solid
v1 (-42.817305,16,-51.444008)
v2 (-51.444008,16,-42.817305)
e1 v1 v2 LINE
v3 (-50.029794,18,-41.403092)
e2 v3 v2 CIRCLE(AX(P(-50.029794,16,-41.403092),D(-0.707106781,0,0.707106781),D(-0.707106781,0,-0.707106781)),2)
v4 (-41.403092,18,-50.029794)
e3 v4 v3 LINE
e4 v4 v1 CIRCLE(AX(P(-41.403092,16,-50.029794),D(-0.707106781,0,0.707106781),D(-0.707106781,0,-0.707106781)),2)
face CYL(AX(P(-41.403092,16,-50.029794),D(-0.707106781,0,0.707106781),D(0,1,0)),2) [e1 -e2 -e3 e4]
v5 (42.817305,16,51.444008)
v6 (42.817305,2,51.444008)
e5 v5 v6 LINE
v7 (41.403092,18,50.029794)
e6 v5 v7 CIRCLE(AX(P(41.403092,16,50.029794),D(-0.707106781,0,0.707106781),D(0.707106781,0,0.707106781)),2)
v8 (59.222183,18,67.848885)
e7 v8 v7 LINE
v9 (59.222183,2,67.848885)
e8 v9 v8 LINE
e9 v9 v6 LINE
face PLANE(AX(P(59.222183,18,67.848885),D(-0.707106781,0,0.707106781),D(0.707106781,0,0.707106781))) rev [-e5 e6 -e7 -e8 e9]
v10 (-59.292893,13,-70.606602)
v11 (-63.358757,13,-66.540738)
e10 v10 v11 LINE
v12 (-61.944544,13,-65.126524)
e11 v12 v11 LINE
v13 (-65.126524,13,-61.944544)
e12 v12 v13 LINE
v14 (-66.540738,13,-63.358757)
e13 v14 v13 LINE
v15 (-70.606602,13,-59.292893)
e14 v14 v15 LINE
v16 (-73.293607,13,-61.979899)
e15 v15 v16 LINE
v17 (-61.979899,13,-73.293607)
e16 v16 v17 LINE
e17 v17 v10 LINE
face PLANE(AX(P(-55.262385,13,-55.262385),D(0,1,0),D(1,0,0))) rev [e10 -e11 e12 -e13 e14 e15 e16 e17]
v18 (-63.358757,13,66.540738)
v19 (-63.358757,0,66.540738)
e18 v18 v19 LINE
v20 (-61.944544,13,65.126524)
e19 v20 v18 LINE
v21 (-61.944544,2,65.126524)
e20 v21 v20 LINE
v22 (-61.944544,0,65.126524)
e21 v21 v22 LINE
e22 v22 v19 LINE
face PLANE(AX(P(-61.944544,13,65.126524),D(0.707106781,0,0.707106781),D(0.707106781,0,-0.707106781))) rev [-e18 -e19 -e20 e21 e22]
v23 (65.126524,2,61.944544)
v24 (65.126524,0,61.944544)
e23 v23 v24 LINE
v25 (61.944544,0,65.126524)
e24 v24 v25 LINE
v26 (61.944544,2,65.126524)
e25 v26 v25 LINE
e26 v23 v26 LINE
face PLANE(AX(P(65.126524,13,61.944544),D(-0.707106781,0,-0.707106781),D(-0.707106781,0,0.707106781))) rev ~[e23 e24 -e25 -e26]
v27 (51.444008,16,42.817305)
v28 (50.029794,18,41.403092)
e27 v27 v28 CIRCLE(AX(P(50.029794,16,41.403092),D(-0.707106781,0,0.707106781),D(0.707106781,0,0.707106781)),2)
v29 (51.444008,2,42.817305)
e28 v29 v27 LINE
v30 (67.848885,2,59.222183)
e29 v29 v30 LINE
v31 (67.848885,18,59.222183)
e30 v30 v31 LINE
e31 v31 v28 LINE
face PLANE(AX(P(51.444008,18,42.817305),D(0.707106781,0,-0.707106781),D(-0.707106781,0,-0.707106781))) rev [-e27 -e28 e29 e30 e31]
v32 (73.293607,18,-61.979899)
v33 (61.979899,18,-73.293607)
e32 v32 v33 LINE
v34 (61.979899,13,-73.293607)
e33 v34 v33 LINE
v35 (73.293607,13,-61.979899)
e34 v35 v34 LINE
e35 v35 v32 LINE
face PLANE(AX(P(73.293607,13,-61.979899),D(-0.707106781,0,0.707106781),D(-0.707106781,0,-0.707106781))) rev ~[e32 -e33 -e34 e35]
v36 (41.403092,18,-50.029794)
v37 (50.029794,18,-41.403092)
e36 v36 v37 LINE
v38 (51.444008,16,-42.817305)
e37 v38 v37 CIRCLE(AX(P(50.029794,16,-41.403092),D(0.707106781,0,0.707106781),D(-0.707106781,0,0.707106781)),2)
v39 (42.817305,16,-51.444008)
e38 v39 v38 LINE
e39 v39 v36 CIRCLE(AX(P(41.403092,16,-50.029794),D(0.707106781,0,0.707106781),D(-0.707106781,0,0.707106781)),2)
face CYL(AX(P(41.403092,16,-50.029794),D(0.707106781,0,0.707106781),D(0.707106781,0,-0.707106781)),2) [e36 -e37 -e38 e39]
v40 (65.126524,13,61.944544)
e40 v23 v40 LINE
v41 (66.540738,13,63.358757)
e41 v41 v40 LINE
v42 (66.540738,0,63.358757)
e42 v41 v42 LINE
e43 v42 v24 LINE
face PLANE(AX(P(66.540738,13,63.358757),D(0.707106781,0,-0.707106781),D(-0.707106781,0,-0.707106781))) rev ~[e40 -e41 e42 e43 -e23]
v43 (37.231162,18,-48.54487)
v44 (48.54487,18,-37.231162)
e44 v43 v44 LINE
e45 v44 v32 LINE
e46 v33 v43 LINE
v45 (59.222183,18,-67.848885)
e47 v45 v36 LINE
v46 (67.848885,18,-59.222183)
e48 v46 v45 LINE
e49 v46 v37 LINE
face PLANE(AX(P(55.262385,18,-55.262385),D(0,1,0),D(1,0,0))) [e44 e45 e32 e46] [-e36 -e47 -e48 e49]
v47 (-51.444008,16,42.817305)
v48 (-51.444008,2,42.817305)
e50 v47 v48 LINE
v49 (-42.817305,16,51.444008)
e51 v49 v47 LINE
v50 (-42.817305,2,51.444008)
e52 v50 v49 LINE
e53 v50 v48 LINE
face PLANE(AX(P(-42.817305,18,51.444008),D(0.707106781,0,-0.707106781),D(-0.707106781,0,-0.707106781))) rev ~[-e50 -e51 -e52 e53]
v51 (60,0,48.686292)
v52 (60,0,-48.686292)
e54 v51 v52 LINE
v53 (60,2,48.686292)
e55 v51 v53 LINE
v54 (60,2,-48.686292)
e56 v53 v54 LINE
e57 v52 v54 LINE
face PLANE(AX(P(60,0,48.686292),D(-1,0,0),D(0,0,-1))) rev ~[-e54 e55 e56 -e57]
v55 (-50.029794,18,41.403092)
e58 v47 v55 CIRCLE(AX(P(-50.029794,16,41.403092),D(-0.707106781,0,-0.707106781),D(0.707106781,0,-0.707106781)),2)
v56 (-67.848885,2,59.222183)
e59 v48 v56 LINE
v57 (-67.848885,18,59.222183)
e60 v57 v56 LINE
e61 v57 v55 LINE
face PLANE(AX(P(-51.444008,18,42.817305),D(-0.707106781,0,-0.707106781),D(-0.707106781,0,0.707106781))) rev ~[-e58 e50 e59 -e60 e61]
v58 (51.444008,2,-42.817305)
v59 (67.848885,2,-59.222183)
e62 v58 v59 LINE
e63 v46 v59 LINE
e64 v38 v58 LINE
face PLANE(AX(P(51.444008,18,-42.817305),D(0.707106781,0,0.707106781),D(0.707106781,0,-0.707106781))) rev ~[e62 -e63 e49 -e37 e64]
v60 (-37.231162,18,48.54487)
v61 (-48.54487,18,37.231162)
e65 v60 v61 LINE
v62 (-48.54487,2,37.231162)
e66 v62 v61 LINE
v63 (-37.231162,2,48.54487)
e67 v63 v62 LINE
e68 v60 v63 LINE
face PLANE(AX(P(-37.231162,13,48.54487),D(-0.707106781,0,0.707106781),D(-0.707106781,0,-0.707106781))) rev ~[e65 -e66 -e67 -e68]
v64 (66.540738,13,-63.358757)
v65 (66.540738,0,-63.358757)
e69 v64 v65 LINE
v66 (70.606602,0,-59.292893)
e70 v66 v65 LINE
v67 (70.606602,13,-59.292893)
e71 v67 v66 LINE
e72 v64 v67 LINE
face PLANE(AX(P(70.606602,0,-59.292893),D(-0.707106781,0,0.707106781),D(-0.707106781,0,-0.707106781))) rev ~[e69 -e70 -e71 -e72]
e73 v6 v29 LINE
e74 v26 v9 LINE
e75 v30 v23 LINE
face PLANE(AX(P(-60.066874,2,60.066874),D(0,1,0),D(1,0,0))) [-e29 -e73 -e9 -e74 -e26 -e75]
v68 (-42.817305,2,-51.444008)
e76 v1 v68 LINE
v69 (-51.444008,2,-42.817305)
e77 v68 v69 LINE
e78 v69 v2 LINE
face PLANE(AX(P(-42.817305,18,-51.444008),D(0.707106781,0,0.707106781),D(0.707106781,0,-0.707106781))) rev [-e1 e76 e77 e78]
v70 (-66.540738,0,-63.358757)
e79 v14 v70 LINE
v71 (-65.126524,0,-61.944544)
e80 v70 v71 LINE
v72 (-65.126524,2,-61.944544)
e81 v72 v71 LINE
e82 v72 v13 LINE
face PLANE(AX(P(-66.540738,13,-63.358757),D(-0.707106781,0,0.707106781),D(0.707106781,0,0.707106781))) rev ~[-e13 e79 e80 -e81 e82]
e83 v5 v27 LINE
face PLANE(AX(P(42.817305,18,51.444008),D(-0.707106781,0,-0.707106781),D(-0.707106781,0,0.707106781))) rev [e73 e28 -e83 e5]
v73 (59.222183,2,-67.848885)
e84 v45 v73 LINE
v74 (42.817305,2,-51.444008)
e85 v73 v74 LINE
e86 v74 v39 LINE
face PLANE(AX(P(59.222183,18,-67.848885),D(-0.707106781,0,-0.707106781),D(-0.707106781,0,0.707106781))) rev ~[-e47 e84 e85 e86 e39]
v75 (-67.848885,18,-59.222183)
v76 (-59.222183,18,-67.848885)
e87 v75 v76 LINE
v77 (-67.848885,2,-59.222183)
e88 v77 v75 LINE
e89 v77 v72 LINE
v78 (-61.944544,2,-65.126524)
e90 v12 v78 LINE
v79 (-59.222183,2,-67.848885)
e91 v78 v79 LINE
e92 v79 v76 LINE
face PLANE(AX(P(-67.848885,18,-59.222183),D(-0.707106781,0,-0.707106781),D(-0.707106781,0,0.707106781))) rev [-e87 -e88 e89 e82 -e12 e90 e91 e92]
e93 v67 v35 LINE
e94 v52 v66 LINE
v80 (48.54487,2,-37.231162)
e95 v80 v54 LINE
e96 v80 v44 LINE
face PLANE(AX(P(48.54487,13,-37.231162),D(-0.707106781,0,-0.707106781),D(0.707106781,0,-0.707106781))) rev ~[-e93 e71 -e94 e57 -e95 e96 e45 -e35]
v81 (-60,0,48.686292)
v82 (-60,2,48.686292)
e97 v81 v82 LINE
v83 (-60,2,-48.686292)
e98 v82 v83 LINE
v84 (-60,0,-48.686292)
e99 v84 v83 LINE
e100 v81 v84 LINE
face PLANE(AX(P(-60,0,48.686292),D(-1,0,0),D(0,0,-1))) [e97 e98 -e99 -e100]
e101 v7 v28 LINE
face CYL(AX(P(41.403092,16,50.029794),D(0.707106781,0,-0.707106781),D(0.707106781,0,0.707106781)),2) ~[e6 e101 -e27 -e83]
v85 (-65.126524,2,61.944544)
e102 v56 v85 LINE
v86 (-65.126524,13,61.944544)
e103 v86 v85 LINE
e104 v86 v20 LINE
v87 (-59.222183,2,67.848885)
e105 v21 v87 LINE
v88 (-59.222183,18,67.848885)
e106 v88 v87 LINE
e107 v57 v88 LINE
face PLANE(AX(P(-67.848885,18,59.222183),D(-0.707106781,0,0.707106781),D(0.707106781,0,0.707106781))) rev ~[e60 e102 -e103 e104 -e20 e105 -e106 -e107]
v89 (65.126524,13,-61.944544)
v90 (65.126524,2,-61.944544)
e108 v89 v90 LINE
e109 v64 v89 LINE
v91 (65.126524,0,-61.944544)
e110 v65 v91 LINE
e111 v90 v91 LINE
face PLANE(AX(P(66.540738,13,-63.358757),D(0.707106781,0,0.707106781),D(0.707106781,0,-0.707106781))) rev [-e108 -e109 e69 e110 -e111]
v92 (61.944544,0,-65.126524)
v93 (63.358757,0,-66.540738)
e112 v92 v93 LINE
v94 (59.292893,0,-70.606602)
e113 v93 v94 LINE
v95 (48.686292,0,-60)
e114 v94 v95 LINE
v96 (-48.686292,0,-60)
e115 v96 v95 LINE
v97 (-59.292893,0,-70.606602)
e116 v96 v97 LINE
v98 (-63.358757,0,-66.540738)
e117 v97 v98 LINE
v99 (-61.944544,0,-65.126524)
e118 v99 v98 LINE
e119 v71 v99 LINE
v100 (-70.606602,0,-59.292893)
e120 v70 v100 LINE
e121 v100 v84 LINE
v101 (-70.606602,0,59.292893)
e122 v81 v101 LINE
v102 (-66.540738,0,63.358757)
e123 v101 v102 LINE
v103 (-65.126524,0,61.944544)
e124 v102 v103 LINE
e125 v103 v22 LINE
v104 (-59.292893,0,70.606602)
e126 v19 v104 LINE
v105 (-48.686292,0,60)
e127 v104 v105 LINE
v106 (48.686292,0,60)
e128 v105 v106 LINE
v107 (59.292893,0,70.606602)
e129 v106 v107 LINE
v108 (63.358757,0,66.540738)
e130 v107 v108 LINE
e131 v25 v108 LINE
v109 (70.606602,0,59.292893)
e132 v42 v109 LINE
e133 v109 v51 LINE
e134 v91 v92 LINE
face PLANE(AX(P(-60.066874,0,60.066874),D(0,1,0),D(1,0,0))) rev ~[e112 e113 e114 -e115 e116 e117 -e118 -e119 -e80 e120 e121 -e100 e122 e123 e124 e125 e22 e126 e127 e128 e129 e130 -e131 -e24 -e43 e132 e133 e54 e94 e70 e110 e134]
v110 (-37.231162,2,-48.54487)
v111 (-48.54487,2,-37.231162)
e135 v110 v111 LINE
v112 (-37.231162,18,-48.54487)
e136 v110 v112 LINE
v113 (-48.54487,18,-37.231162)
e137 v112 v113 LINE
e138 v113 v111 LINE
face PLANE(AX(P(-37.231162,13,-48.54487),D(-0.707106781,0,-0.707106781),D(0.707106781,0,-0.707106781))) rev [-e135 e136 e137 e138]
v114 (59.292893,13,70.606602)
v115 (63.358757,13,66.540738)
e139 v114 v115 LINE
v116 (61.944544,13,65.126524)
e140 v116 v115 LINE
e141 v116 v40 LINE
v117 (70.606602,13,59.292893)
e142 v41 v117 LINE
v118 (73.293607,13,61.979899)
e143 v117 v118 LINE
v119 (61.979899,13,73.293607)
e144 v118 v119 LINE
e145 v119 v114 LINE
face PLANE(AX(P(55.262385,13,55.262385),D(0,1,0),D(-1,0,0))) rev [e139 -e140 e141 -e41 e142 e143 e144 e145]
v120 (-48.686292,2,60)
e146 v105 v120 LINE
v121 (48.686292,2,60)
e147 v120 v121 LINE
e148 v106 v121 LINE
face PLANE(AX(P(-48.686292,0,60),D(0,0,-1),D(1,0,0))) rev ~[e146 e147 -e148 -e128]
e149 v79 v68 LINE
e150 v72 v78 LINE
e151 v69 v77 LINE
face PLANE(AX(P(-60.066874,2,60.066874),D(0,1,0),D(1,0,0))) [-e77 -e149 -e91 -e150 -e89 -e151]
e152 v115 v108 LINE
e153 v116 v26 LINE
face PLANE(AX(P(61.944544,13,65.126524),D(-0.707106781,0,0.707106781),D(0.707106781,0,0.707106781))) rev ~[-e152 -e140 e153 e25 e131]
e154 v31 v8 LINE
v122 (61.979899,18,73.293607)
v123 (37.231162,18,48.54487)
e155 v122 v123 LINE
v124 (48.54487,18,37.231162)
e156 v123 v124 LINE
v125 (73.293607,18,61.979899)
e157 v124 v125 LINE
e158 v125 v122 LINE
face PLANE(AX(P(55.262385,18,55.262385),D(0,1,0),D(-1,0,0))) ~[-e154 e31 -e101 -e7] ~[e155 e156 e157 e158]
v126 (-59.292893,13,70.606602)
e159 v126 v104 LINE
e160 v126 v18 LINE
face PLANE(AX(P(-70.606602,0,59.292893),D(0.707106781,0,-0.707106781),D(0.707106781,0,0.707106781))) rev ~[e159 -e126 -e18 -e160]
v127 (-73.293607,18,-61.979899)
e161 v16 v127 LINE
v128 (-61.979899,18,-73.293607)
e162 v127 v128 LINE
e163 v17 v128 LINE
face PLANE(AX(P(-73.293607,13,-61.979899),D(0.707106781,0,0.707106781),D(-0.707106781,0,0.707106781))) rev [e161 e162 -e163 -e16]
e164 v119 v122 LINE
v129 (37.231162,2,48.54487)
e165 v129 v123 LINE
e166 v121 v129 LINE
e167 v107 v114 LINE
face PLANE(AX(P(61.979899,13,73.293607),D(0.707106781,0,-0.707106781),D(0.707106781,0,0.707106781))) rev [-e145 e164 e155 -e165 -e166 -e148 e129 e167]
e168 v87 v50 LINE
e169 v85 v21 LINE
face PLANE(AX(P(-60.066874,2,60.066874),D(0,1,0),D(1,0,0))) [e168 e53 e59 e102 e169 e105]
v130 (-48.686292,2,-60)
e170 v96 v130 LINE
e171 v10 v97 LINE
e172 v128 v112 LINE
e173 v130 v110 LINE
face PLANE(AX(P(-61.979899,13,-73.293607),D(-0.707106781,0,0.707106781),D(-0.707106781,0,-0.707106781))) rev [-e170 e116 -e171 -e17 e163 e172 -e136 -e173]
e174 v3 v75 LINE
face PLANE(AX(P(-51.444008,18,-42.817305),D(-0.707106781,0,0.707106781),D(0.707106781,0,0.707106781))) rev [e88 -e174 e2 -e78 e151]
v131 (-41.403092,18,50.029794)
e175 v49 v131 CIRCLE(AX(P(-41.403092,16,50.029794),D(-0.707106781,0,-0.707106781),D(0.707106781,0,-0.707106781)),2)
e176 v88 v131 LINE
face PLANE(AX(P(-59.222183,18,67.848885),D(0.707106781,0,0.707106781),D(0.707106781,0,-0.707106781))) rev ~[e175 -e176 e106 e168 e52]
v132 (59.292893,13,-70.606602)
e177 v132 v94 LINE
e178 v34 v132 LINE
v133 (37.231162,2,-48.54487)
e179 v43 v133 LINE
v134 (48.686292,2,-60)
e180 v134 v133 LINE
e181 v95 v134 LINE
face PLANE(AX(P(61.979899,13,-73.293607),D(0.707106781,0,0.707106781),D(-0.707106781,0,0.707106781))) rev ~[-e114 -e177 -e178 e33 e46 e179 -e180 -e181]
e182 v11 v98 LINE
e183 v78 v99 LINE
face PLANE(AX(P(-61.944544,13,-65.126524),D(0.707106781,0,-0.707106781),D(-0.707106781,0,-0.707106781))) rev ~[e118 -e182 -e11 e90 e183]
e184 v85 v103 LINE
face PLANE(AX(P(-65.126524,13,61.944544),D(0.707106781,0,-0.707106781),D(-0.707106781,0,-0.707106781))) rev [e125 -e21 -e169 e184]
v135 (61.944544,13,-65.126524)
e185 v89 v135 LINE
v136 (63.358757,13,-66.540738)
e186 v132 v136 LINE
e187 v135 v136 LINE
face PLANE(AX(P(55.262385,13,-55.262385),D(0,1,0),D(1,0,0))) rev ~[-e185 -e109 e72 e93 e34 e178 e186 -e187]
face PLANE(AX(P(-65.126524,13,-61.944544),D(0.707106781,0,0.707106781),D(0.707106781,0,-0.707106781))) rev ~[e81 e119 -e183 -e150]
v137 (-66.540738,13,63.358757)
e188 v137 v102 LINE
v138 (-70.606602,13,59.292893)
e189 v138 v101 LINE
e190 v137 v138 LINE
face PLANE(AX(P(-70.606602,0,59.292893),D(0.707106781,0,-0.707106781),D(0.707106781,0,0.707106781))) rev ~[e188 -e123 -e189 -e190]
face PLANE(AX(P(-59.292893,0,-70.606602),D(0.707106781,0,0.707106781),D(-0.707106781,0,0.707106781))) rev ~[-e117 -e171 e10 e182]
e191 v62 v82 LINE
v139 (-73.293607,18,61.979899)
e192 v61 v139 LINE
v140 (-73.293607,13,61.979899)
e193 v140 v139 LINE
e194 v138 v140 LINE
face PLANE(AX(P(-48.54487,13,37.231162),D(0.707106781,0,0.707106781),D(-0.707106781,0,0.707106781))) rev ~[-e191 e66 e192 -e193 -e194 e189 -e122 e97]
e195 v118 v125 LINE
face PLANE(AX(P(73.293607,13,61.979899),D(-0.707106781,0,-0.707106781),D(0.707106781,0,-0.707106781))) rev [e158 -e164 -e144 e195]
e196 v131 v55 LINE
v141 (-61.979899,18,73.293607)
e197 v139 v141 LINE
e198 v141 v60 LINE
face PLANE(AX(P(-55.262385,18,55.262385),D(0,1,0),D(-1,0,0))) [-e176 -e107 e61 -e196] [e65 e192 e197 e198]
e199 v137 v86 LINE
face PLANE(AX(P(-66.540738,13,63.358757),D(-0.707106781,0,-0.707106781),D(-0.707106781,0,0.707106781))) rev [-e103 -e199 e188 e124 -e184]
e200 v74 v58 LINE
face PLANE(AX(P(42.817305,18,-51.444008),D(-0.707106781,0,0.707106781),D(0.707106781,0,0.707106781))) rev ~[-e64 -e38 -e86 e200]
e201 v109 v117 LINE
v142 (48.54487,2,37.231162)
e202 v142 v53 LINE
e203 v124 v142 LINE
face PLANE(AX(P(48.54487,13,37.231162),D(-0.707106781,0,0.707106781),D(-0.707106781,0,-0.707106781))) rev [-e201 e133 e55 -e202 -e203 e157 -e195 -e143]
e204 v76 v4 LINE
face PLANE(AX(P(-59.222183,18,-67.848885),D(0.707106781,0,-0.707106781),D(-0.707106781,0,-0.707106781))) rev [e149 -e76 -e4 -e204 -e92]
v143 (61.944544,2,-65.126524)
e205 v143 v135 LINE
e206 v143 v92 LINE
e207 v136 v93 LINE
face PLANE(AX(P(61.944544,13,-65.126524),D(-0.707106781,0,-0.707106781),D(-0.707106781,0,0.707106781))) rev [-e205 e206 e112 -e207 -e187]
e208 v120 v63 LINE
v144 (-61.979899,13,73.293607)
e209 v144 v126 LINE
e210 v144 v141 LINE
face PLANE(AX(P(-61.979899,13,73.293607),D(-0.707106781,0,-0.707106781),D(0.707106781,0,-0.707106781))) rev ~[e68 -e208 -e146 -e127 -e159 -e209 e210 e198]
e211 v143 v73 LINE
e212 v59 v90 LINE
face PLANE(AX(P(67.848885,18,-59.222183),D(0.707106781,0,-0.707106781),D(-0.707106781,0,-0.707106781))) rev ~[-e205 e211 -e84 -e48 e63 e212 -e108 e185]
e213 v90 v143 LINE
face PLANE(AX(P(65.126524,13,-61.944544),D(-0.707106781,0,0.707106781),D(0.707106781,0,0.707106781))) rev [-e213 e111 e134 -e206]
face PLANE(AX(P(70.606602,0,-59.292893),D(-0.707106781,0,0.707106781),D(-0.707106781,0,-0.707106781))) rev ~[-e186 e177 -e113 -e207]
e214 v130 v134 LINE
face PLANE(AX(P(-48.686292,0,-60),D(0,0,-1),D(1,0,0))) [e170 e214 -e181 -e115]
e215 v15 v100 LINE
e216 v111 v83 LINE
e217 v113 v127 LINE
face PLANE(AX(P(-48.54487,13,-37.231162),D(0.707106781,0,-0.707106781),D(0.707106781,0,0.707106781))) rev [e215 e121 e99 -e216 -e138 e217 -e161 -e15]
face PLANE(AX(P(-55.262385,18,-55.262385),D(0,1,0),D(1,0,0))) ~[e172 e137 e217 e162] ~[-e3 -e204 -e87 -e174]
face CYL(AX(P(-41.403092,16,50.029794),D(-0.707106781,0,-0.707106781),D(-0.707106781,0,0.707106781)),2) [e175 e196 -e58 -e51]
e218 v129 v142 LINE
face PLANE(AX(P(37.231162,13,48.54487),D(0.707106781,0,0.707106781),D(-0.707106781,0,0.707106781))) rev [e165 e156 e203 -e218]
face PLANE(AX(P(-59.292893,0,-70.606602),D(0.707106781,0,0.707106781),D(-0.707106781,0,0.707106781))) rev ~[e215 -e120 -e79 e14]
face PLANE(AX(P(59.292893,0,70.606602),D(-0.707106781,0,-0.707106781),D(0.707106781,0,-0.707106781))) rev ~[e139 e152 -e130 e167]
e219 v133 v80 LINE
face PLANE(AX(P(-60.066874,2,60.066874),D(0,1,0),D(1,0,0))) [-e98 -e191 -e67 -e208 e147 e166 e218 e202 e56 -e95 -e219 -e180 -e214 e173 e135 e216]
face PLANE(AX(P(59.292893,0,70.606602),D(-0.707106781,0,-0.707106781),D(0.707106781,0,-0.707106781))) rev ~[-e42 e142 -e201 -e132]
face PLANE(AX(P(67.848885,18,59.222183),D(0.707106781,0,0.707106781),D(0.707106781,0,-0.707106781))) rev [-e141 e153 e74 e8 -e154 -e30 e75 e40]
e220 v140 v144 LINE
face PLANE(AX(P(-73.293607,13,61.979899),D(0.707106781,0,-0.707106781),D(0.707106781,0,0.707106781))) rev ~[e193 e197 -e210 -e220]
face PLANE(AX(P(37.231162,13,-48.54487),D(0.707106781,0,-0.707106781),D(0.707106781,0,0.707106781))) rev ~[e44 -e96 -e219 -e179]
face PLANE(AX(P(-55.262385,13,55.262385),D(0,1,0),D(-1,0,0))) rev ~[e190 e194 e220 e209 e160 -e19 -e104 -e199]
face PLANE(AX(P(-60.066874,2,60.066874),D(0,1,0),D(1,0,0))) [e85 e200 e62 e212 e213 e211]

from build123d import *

# Parameters (mm, degrees)
SKETCH1_W            = 120
SKETCH1_H            = 120
BOSS_EXTRUDE1_DEPTH  = 2
BOSS_EXTRUDE2_DEPTH  = 13
MIRROR2_COPY_1_DEPTH = 13
CUT_EXTRUDE1_DEPTH   = 16.5
MIRROR4_COPY_1_DEPTH = 16.5
BOSS_EXTRUDE3_DEPTH  = 5
CUT_EXTRUDE2_DEPTH   = 6
MIRROR6_COPY_1_DEPTH = 5
MIRROR6_COPY_2_DEPTH = 6
FILLET1_R            = 2
FILLET2_R            = 2
FILLET3_R            = 2
FILLET4_R            = 2


with BuildPart() as part:
    # Sketch1 → Boss-Extrude1 (new body)
    with BuildSketch(Plane(origin=(0, 0, 0), x_dir=(1, 0, 0), z_dir=(0, 1, 0))):
        Polygon((-59.292893219, -70.606601718), (-48.686291501, -60), (-60, -60), (-60, -48.686291501), (-70.606601718, -59.292893219), align=None)
        Polygon((-70.606601718, 59.292893219), (-60, 48.686291501), (-60, 60), (-48.686291501, 60), (-59.292893219, 70.606601718), align=None)
        Rectangle(SKETCH1_W, SKETCH1_H)
        Polygon((60, 60), (60, 48.686291501), (70.606601718, 59.292893219), (59.292893219, 70.606601718), (48.686291501, 60), align=None)
        Polygon((60, -48.686291501), (60, -60), (48.686291501, -60), (59.292893219, -70.606601718), (70.606601718, -59.292893219), align=None)
    extrude(amount=BOSS_EXTRUDE1_DEPTH)

    # Sketch2 → Boss-Extrude2 (add)
    with BuildSketch(Plane(origin=(0, 0, 0), x_dir=(1, 0, 0), z_dir=(0, 1, 0))):
        Polygon((59.292893219, -70.606601718), (70.606601718, -59.292893219), (69.192388155, -57.878679656), (52.787510832, -41.473802333), (48.544870145, -37.231161646), (37.231161646, -48.544870145), (41.473802333, -52.787510832), (57.878679656, -69.192388155), align=None)
        Polygon((59.222182541, -67.848885271), (67.848885271, -59.222182541), (51.444007948, -42.817305217), (42.817305217, -51.444007948), align=None, mode=Mode.SUBTRACT)
    boss_extrude2 = extrude(amount=BOSS_EXTRUDE2_DEPTH)

    # Mirror1: Boss-Extrude2 across plane
    add(boss_extrude2.mirror(Plane(origin=(0, 0, 0), x_dir=(0, 0, 1), z_dir=(1, 0, 0))))

    # Mirror2: Boss-Extrude2 across plane
    add(boss_extrude2.mirror(Plane.XY))

    # Mirror2 copy 1 sketch → Mirror2 copy 1 (add)
    with BuildSketch(Plane(origin=(0, 0, 0), x_dir=(-1, 0, 0), z_dir=(0, 1, 0))):
        Polygon((59.292893219, -70.606601718), (70.606601718, -59.292893219), (69.192388155, -57.878679656), (52.787510832, -41.473802333), (48.544870145, -37.231161646), (37.231161646, -48.544870145), (41.473802333, -52.787510832), (57.878679656, -69.192388155), align=None)
        Polygon((59.222182541, -67.848885271), (67.848885271, -59.222182541), (51.444007948, -42.817305217), (42.817305217, -51.444007948), align=None, mode=Mode.SUBTRACT)
    extrude(amount=MIRROR2_COPY_1_DEPTH)

    # Sketch3 → Cut-Extrude1 (cut)
    with BuildSketch(Plane(origin=(0, 13, 0), x_dir=(1, 0, 0), z_dir=(0, 1, 0))):
        Polygon((61.944543648, -65.126524164), (63.358757211, -66.540737726), (66.540737726, -63.358757211), (65.126524164, -61.944543648), align=None)
    cut_extrude1 = extrude(amount=-CUT_EXTRUDE1_DEPTH, mode=Mode.SUBTRACT)

    # Mirror3: Cut-Extrude1 across plane
    add(cut_extrude1.mirror(Plane(origin=(0, 0, 0), x_dir=(0, 0, 1), z_dir=(1, 0, 0))), mode=Mode.SUBTRACT)

    # Mirror4: Cut-Extrude1 across plane
    add(cut_extrude1.mirror(Plane.XY), mode=Mode.SUBTRACT)

    # Mirror4 copy 1 sketch → Mirror4 copy 1 (cut)
    with BuildSketch(Plane(origin=(0, 13, 0), x_dir=(-1, 0, 0), z_dir=(0, 1, 0))):
        Polygon((61.944543648, -65.126524164), (63.358757211, -66.540737726), (66.540737726, -63.358757211), (65.126524164, -61.944543648), align=None)
    extrude(amount=-MIRROR4_COPY_1_DEPTH, mode=Mode.SUBTRACT)

    # Sketch4 → Boss-Extrude3 (add)
    with BuildSketch(Plane(origin=(0, 13, 0), x_dir=(1, 0, 0), z_dir=(0, 1, 0))):
        Polygon((37.231161646, 48.544870145), (48.544870145, 37.231161646), (73.293607486, 61.979898987), (61.979898987, 73.293607486), align=None)
    boss_extrude3 = extrude(amount=BOSS_EXTRUDE3_DEPTH)

    # Sketch7 → Cut-Extrude2 (cut)
    with BuildSketch(Plane(origin=(0, 18, 0), x_dir=(1, 0, 0), z_dir=(0, 1, 0))):
        Polygon((42.817305217, 51.444007948), (51.444007948, 42.817305217), (67.848885271, 59.222182541), (59.222182541, 67.848885271), align=None)
    cut_extrude2 = extrude(amount=-CUT_EXTRUDE2_DEPTH, mode=Mode.SUBTRACT)

    # Mirror5: Boss-Extrude3, Cut-Extrude2 across plane
    add(boss_extrude3.mirror(Plane.XY))
    add(cut_extrude2.mirror(Plane.XY), mode=Mode.SUBTRACT)

    # Mirror6: Boss-Extrude3, Cut-Extrude2 across plane
    add(boss_extrude3.mirror(Plane(origin=(0, 0, 0), x_dir=(0, 0, 1), z_dir=(1, 0, 0))))
    add(cut_extrude2.mirror(Plane(origin=(0, 0, 0), x_dir=(0, 0, 1), z_dir=(1, 0, 0))), mode=Mode.SUBTRACT)

    # Mirror6 copy 1 sketch → Mirror6 copy 1 (add)
    with BuildSketch(Plane(origin=(0, 13, 0), x_dir=(-1, 0, 0), z_dir=(0, 1, 0))):
        Polygon((37.231161646, 48.544870145), (48.544870145, 37.231161646), (73.293607486, 61.979898987), (61.979898987, 73.293607486), align=None)
    extrude(amount=MIRROR6_COPY_1_DEPTH)

    # Mirror6 copy 2 sketch → Mirror6 copy 2 (cut)
    with BuildSketch(Plane(origin=(0, 18, 0), x_dir=(-1, 0, 0), z_dir=(0, 1, 0))):
        Polygon((42.817305217, 51.444007948), (51.444007948, 42.817305217), (67.848885271, 59.222182541), (59.222182541, 67.848885271), align=None)
    extrude(amount=-MIRROR6_COPY_2_DEPTH, mode=Mode.SUBTRACT)

    # Fillet1
    fillet1_edges = [part.edges().sort_by_distance(p)[0] for p in [
        (-47.130656582, 18, -47.130656582),
    ]]
    fillet(fillet1_edges, radius=FILLET1_R)

    # Fillet2
    fillet2_edges = [part.edges().sort_by_distance(p)[0] for p in [
        (-47.130656582, 18, 47.130656582),
    ]]
    fillet(fillet2_edges, radius=FILLET2_R)

    # Fillet3
    fillet3_edges = [part.edges().sort_by_distance(p)[0] for p in [
        (47.130656582, 18, -47.130656582),
    ]]
    fillet(fillet3_edges, radius=FILLET3_R)

    # Fillet4
    fillet4_edges = [part.edges().sort_by_distance(p)[0] for p in [
        (47.130656582, 18, 47.130656582),
    ]]
    fillet(fillet4_edges, radius=FILLET4_R)


solid = part.part
